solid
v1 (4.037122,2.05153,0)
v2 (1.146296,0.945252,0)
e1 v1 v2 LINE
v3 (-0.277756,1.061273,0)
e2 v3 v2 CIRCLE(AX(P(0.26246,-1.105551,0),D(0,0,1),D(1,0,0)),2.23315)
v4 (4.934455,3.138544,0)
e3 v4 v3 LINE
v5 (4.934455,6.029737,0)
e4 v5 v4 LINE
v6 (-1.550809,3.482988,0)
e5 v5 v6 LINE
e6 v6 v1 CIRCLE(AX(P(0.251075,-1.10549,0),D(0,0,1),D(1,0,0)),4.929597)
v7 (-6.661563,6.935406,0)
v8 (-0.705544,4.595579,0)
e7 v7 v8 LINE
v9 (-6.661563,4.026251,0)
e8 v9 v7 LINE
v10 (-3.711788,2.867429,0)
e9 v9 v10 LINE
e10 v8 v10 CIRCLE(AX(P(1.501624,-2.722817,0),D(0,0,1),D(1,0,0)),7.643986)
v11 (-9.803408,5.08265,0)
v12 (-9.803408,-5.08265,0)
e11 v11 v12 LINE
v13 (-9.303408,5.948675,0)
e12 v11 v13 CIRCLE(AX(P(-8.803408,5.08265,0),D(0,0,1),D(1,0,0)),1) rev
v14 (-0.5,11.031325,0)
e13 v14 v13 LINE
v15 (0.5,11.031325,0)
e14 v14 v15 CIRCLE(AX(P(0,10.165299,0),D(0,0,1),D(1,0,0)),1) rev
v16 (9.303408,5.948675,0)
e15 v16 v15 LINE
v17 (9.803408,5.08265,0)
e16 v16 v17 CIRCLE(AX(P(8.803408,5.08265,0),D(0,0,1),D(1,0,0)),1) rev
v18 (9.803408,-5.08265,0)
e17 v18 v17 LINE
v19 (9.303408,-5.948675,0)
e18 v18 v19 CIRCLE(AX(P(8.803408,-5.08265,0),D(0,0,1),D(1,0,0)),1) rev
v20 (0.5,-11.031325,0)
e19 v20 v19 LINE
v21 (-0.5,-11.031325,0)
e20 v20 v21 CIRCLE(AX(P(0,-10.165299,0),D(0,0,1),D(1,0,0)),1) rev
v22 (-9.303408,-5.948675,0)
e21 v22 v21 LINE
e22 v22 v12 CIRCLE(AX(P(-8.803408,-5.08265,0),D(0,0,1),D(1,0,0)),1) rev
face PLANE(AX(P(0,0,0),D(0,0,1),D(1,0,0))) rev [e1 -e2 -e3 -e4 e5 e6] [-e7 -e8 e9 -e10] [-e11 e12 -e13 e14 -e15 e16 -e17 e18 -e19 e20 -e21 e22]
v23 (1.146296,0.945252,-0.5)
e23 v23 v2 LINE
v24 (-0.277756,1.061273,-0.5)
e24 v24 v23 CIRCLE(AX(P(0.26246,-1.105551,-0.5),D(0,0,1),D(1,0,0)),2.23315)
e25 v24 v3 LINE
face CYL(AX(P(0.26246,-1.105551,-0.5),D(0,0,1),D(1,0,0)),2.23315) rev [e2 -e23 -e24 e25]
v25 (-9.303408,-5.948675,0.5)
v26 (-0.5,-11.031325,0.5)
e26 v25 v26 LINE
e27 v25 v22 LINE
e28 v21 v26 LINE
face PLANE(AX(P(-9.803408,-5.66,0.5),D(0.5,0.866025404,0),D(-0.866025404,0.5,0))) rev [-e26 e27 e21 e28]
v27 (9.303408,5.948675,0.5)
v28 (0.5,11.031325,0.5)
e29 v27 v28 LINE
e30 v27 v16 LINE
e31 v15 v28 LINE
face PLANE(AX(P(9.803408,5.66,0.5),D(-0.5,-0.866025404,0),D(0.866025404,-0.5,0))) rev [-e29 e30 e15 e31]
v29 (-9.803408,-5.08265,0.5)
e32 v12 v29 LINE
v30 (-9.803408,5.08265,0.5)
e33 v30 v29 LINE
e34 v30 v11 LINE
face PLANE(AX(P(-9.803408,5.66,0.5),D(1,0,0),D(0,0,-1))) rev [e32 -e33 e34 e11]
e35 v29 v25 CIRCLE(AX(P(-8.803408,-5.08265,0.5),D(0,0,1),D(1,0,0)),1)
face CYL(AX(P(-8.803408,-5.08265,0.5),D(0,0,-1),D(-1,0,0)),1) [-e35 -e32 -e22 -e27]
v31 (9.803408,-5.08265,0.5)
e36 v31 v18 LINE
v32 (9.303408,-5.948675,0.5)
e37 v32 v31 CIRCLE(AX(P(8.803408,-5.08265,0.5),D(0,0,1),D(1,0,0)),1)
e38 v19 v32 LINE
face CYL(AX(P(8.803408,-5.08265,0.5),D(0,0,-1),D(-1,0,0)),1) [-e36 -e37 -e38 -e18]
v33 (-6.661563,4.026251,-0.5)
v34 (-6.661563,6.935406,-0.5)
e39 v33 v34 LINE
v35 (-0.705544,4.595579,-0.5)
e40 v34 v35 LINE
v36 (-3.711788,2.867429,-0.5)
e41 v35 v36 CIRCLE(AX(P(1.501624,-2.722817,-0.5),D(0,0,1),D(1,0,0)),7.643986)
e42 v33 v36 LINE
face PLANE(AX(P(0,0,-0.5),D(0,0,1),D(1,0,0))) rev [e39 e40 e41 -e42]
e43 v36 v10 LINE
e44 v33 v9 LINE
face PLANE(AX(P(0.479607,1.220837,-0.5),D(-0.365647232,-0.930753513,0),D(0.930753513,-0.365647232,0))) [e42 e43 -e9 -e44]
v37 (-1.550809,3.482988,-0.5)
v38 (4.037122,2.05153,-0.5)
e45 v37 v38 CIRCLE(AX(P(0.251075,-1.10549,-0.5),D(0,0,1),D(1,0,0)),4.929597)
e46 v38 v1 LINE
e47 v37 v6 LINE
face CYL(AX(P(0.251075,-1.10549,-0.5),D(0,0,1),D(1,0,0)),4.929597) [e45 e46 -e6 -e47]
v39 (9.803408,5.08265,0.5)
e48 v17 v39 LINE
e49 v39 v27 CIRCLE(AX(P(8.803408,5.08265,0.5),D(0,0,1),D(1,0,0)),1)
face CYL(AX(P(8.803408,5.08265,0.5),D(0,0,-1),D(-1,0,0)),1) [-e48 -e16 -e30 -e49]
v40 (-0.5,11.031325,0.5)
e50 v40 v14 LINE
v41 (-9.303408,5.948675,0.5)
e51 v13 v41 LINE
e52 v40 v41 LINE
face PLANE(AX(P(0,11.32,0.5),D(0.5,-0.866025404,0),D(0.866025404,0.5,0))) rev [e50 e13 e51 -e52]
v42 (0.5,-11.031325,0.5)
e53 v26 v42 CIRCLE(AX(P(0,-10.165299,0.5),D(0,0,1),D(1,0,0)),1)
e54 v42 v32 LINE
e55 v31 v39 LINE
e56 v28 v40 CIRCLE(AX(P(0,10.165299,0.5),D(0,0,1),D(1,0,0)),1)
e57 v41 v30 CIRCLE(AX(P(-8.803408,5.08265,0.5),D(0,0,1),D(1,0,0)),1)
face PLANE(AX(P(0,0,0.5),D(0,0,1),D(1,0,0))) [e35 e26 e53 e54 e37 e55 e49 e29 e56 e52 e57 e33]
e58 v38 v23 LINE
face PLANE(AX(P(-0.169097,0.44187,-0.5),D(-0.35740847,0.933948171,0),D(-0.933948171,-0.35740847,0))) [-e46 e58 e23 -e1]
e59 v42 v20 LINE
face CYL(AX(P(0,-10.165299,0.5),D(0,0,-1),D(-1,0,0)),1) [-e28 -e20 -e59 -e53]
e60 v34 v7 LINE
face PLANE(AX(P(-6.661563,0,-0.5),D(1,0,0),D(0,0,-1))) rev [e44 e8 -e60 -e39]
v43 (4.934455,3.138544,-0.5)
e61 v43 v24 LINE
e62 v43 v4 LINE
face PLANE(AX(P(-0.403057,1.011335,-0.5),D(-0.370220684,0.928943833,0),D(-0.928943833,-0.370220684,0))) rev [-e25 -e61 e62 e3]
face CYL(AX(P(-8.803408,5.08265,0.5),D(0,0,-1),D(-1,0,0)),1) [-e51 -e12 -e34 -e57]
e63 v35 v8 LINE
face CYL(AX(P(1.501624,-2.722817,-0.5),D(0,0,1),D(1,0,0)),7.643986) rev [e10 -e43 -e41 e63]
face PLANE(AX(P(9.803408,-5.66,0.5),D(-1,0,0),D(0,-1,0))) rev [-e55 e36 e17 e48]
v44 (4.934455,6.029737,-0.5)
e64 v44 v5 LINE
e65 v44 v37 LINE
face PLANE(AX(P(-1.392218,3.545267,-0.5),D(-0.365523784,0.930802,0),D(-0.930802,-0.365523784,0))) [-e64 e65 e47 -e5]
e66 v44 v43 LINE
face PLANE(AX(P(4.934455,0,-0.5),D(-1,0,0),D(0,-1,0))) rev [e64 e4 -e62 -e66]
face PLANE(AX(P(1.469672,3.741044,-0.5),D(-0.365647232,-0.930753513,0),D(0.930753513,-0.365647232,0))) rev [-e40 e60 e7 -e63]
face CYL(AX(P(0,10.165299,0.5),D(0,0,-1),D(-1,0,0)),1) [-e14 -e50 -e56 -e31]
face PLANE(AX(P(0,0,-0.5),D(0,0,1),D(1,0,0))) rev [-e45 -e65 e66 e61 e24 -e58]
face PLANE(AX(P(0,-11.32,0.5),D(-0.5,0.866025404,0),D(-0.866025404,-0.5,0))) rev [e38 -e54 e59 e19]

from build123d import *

# Parameters (mm, degrees)
EXTRUDE_1_DEPTH = 0.5
FILLET_1_R      = 1
EXTRUDE_3_DEPTH = 0.5


with BuildPart() as part:
    # 草图1 → 凸台-拉伸1 (new body)
    with BuildSketch(Plane.XY):
        Polygon((0, 11.32), (-9.803407571, 5.66), (-9.803407571, -5.66), (0, -11.32), (9.803407571, -5.66), (9.803407571, 5.66), align=None)
    extrude(amount=EXTRUDE_1_DEPTH)

    # 圆角1
    fillet_1_edges = [part.edges().sort_by_distance(p)[0] for p in [
        (9.803407571, 5.66, 0.25),
        (9.803407571, -5.66, 0.25),
        (0, -11.32, 0.25),
        (-9.803407571, -5.66, 0.25),
        (-9.803407571, 5.66, 0.25),
        (0, 11.32, 0.25),
    ]]
    fillet(fillet_1_edges, radius=FILLET_1_R)

    # 草图3 → 凸台-拉伸3 (add)
    with BuildSketch(Plane.XY):
        with BuildLine():
            ThreePointArc((-0.705543929, 4.595579399), (-2.307952893, 3.904221506), (-3.711787683, 2.867429289))
            Line((-3.711787683, 2.867429289), (-6.661562741, 4.026250683))
            Line((-6.661562741, 4.026250683), (-6.661562741, 6.935405958))
            Line((-6.661562741, 6.935405958), (-0.705543929, 4.595579399))
        make_face()
        with BuildLine():
            Line((4.934454899, 3.138543991), (4.934454899, 6.0297367))
            Line((4.934454899, 6.0297367), (2.059575955, 4.900778413))
            Line((2.059575955, 4.900778413), (-1.550809491, 3.48298843))
            ThreePointArc((-1.550809491, 3.48298843), (-0.972236897, -5.880889221), (4.037122418, 2.051529715))
            Line((4.037122418, 2.051529715), (1.146295729, 0.94525211))
            ThreePointArc((1.146295729, 0.94525211), (0.382149802, -3.335491783), (-0.835814603, 0.838864453))
            ThreePointArc((-0.835814603, 0.838864453), (-0.56429829, 0.968919842), (-0.277756056, 1.061272752))
            Line((-0.277756056, 1.061272752), (3.527417355, 2.577784143))
            Line((3.527417355, 2.577784143), (4.934454899, 3.138543991))
        make_face()
    extrude(amount=-EXTRUDE_3_DEPTH)


solid = part.part
